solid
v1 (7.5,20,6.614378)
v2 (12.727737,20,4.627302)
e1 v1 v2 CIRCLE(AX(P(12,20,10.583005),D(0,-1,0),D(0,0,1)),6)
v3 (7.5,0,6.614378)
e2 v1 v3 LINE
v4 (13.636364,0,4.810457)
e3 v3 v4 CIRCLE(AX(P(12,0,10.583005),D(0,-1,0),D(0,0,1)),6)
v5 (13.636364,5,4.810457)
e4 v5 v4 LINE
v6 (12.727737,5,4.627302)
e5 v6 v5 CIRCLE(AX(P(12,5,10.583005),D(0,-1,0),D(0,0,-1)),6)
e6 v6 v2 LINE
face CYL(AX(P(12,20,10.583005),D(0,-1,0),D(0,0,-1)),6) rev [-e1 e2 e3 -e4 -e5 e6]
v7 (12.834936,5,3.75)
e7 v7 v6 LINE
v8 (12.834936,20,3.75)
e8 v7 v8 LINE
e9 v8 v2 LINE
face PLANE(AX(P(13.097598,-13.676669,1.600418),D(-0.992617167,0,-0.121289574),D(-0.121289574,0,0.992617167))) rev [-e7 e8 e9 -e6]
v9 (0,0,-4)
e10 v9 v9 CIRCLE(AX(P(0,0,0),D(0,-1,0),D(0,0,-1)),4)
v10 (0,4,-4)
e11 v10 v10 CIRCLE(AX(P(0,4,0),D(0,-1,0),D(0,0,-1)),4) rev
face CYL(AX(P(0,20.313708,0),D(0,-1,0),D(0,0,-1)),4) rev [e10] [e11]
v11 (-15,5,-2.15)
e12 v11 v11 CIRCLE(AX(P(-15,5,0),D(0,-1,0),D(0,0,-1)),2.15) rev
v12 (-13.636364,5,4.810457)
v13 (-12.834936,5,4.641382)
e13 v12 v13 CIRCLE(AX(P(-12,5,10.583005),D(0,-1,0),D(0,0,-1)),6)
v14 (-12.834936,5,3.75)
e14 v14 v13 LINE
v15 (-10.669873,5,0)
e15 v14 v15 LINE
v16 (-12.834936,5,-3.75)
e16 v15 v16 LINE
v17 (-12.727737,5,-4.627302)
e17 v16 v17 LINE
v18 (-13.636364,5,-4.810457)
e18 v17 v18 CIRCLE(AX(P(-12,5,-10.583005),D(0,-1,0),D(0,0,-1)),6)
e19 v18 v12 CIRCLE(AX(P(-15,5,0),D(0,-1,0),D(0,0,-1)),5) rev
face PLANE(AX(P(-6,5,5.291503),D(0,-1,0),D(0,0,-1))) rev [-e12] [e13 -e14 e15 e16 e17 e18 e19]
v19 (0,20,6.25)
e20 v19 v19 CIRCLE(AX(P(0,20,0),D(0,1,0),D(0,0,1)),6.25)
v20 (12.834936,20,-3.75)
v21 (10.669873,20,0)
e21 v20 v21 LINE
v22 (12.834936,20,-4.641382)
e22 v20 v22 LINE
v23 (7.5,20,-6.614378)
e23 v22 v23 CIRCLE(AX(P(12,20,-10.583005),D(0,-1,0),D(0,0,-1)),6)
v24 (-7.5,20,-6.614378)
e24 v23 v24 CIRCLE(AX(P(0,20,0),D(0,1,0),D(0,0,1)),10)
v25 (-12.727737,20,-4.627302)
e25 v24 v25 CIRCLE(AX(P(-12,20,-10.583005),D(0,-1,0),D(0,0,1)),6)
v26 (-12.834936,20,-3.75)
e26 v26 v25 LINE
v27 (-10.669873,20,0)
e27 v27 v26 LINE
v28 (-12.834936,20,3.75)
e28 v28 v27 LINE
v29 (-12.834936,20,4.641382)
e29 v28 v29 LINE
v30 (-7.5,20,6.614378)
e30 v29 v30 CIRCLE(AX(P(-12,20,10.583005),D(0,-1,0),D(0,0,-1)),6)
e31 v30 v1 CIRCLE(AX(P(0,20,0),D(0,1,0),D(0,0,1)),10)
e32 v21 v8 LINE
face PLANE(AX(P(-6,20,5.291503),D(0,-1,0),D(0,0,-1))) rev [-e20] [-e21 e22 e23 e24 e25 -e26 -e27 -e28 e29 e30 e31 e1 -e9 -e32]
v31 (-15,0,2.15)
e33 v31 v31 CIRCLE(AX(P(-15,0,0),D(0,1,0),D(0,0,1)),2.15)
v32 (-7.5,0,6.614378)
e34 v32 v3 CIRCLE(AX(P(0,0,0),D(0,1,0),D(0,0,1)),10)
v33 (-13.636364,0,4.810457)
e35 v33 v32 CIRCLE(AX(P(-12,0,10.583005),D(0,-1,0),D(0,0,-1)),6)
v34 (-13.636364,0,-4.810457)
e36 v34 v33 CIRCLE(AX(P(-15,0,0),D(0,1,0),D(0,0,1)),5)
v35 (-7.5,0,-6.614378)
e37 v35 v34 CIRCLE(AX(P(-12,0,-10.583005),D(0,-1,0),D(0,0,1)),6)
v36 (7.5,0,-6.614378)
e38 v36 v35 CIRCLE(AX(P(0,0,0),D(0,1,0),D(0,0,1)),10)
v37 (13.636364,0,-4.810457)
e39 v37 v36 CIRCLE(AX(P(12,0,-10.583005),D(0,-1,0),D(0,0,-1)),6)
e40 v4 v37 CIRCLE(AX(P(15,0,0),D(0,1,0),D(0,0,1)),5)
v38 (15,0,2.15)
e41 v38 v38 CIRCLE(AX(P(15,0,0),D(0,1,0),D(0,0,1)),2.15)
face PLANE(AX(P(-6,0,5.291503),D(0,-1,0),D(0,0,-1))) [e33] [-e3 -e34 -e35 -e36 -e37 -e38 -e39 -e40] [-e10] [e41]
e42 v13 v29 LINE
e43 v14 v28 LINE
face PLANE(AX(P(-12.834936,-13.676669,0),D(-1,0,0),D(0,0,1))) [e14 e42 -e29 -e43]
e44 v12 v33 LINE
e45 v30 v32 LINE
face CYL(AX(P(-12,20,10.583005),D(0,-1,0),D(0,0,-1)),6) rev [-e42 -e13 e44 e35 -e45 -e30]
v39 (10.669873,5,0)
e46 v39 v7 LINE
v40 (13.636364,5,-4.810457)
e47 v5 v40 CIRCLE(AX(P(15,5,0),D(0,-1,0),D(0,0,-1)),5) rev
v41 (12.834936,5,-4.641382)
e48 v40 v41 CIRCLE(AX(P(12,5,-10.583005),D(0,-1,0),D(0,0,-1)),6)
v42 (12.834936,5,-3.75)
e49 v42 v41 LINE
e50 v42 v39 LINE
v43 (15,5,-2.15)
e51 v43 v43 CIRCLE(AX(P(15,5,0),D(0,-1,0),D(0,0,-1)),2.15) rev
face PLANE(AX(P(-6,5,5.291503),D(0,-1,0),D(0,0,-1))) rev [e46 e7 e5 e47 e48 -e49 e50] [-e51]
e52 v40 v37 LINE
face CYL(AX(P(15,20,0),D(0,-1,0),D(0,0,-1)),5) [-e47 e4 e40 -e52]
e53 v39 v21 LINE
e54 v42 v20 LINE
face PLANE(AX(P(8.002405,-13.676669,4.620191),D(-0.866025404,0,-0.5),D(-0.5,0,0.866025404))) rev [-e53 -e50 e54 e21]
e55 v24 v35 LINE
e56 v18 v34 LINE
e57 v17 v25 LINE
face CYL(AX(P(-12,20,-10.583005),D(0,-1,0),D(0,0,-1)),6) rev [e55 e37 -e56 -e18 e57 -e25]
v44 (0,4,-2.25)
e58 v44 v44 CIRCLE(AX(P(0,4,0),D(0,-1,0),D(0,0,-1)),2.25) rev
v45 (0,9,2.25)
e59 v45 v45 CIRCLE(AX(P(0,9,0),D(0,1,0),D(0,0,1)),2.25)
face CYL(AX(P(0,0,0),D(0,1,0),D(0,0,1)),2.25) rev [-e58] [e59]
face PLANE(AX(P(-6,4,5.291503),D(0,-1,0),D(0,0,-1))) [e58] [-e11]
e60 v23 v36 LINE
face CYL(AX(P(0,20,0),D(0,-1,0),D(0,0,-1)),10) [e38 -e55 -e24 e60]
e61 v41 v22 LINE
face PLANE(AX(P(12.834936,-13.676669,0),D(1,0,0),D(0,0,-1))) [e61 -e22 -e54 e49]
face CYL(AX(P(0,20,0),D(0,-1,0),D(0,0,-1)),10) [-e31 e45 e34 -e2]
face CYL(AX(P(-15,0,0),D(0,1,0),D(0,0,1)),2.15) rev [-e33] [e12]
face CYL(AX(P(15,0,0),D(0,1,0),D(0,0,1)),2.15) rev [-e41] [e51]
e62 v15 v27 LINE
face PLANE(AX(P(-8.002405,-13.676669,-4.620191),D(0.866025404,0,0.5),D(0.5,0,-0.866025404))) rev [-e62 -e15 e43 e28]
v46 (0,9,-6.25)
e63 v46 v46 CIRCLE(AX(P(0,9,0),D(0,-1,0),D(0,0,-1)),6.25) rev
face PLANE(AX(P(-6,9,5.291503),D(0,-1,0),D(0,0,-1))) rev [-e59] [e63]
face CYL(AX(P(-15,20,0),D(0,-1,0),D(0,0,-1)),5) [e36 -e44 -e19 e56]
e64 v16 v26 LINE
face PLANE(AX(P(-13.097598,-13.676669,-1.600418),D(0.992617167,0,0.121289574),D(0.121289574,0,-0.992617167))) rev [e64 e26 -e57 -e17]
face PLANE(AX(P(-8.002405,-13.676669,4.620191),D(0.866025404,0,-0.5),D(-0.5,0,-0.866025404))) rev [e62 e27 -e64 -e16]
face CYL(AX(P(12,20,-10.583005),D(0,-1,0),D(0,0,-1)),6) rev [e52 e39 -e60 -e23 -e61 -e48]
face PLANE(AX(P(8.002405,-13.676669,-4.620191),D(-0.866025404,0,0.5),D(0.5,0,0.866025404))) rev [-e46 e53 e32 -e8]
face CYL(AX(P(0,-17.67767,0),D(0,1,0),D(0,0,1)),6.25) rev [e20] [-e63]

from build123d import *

# Parameters (mm, degrees)
BOSS_EXTRUDE1_DEPTH = 20
SKETCH2_R           = 6.25
CUT_EXTRUDE1_DEPTH  = 11
SKETCH2_3_R         = 2.15
CUT_EXTRUDE2_DEPTH  = 31
CUT_EXTRUDE3_START  = -15
SKETCH2_4_R         = 2.15
CUT_EXTRUDE3_DEPTH  = 15
SKETCH3_R           = 2.25
CUT_EXTRUDE4_DEPTH  = 25.919871589
SKETCH4_R           = 4
CUT_EXTRUDE5_DEPTH  = 4


with BuildPart() as part:
    # Sketch1 → Boss-Extrude1 (new body)
    with BuildSketch(Plane(origin=(0, 0, 0), x_dir=(1, 0, 0), z_dir=(0, 1, 0))):
        with BuildLine():
            ThreePointArc((-7.5, -6.614378278), (0, -10), (7.5, -6.614378278))
            ThreePointArc((7.5, -6.614378278), (10.307771776, -4.826585903), (13.636363636, -4.810456929))
            ThreePointArc((13.636363636, -4.810456929), (20, 0), (13.636363636, 4.810456929))
            ThreePointArc((13.636363636, 4.810456929), (10.307771776, 4.826585903), (7.5, 6.614378278))
            ThreePointArc((7.5, 6.614378278), (0, 10), (-7.5, 6.614378278))
            ThreePointArc((-7.5, 6.614378278), (-10.307771776, 4.826585903), (-13.636363636, 4.810456929))
            ThreePointArc((-13.636363636, 4.810456929), (-20, 0), (-13.636363636, -4.810456929))
            ThreePointArc((-13.636363636, -4.810456929), (-10.307771776, -4.826585903), (-7.5, -6.614378278))
        make_face()
    extrude(amount=BOSS_EXTRUDE1_DEPTH)

    # Sketch2 → Cut-Extrude1 (cut)
    with BuildSketch(Plane(origin=(0, 20, 0), x_dir=(1, 0, 0), z_dir=(0, 1, 0))):
        with Locations(Location((0, 0, 0), (0, 0, 270))):
            Circle(SKETCH2_R)
    extrude(amount=-CUT_EXTRUDE1_DEPTH, mode=Mode.SUBTRACT)

    # Sketch2<3> → Cut-Extrude2 (cut, through all)
    with BuildSketch(Plane(origin=(0, 20, 0), x_dir=(1, 0, 0), z_dir=(0, 1, 0))):
        with Locations(Location((-15, 0, 0), (0, 0, 270))):
            Circle(SKETCH2_3_R)
        with Locations(Location((15, 0, 0), (0, 0, 270))):
            Circle(SKETCH2_3_R)
    extrude(amount=-CUT_EXTRUDE2_DEPTH, mode=Mode.SUBTRACT)

    # Sketch2<4> → Cut-Extrude3 (cut)
    # profile 1 of 2: a face of its own
    with BuildSketch(Plane(origin=(0, 20, 0), x_dir=(1, 0, 0), z_dir=(0, 1, 0)).offset(CUT_EXTRUDE3_START)):
        with BuildLine():
            Line((-10.669872981, 0), (-12.834936491, 3.75))
            Line((-12.834936491, 3.75), (-12.727737442, 4.627302245))
            ThreePointArc((-12.727737442, 4.627302245), (-13.185592631, 4.701307351), (-13.636363636, 4.810456929))
            ThreePointArc((-13.636363636, 4.810456929), (-20, 0), (-13.636363636, -4.810456929))
            ThreePointArc((-13.636363636, -4.810456929), (-13.238538502, -4.712228262), (-12.834936491, -4.641382481))
            Line((-12.834936491, -4.641382481), (-12.834936491, -3.75))
            Line((-12.834936491, -3.75), (-10.669872981, 0))
        make_face()
        with Locations(Location((-15, 0, 0), (0, 0, 270))):
            Circle(SKETCH2_4_R, mode=Mode.SUBTRACT)
    # profile 2 of 2: a face of its own
    with BuildSketch(Plane(origin=(0, 20, 0), x_dir=(1, 0, 0), z_dir=(0, 1, 0)).offset(CUT_EXTRUDE3_START)):
        with BuildLine():
            ThreePointArc((13.636363636, 4.810456929), (13.238538502, 4.712228262), (12.834936491, 4.641382481))
            Line((12.834936491, 4.641382481), (12.834936491, 3.75))
            Line((12.834936491, 3.75), (10.669872981, 0))
            Line((10.669872981, 0), (12.834936491, -3.75))
            Line((12.834936491, -3.75), (12.727737442, -4.627302245))
            ThreePointArc((12.727737442, -4.627302245), (13.185592631, -4.701307351), (13.636363636, -4.810456929))
            ThreePointArc((13.636363636, -4.810456929), (20, 0), (13.636363636, 4.810456929))
        make_face()
        with Locations(Location((15, 0, 0), (0, 0, 270))):
            Circle(SKETCH2_4_R, mode=Mode.SUBTRACT)
    extrude(amount=CUT_EXTRUDE3_DEPTH, mode=Mode.SUBTRACT)

    # Sketch3 → Cut-Extrude4 (cut, through all)
    with BuildSketch(Plane(origin=(0, 9, 0), x_dir=(1, 0, 0), z_dir=(0, 1, 0))):
        with Locations(Location((0, 0, 0), (0, 0, 270))):
            Circle(SKETCH3_R)
    extrude(amount=-CUT_EXTRUDE4_DEPTH, mode=Mode.SUBTRACT)

    # Sketch4 → Cut-Extrude5 (cut)
    with BuildSketch(Plane.XZ):
        with Locations(Location((0, 0, 0), (0, 0, 270))):
            Circle(SKETCH4_R)
    extrude(amount=-CUT_EXTRUDE5_DEPTH, mode=Mode.SUBTRACT)


solid = part.part
